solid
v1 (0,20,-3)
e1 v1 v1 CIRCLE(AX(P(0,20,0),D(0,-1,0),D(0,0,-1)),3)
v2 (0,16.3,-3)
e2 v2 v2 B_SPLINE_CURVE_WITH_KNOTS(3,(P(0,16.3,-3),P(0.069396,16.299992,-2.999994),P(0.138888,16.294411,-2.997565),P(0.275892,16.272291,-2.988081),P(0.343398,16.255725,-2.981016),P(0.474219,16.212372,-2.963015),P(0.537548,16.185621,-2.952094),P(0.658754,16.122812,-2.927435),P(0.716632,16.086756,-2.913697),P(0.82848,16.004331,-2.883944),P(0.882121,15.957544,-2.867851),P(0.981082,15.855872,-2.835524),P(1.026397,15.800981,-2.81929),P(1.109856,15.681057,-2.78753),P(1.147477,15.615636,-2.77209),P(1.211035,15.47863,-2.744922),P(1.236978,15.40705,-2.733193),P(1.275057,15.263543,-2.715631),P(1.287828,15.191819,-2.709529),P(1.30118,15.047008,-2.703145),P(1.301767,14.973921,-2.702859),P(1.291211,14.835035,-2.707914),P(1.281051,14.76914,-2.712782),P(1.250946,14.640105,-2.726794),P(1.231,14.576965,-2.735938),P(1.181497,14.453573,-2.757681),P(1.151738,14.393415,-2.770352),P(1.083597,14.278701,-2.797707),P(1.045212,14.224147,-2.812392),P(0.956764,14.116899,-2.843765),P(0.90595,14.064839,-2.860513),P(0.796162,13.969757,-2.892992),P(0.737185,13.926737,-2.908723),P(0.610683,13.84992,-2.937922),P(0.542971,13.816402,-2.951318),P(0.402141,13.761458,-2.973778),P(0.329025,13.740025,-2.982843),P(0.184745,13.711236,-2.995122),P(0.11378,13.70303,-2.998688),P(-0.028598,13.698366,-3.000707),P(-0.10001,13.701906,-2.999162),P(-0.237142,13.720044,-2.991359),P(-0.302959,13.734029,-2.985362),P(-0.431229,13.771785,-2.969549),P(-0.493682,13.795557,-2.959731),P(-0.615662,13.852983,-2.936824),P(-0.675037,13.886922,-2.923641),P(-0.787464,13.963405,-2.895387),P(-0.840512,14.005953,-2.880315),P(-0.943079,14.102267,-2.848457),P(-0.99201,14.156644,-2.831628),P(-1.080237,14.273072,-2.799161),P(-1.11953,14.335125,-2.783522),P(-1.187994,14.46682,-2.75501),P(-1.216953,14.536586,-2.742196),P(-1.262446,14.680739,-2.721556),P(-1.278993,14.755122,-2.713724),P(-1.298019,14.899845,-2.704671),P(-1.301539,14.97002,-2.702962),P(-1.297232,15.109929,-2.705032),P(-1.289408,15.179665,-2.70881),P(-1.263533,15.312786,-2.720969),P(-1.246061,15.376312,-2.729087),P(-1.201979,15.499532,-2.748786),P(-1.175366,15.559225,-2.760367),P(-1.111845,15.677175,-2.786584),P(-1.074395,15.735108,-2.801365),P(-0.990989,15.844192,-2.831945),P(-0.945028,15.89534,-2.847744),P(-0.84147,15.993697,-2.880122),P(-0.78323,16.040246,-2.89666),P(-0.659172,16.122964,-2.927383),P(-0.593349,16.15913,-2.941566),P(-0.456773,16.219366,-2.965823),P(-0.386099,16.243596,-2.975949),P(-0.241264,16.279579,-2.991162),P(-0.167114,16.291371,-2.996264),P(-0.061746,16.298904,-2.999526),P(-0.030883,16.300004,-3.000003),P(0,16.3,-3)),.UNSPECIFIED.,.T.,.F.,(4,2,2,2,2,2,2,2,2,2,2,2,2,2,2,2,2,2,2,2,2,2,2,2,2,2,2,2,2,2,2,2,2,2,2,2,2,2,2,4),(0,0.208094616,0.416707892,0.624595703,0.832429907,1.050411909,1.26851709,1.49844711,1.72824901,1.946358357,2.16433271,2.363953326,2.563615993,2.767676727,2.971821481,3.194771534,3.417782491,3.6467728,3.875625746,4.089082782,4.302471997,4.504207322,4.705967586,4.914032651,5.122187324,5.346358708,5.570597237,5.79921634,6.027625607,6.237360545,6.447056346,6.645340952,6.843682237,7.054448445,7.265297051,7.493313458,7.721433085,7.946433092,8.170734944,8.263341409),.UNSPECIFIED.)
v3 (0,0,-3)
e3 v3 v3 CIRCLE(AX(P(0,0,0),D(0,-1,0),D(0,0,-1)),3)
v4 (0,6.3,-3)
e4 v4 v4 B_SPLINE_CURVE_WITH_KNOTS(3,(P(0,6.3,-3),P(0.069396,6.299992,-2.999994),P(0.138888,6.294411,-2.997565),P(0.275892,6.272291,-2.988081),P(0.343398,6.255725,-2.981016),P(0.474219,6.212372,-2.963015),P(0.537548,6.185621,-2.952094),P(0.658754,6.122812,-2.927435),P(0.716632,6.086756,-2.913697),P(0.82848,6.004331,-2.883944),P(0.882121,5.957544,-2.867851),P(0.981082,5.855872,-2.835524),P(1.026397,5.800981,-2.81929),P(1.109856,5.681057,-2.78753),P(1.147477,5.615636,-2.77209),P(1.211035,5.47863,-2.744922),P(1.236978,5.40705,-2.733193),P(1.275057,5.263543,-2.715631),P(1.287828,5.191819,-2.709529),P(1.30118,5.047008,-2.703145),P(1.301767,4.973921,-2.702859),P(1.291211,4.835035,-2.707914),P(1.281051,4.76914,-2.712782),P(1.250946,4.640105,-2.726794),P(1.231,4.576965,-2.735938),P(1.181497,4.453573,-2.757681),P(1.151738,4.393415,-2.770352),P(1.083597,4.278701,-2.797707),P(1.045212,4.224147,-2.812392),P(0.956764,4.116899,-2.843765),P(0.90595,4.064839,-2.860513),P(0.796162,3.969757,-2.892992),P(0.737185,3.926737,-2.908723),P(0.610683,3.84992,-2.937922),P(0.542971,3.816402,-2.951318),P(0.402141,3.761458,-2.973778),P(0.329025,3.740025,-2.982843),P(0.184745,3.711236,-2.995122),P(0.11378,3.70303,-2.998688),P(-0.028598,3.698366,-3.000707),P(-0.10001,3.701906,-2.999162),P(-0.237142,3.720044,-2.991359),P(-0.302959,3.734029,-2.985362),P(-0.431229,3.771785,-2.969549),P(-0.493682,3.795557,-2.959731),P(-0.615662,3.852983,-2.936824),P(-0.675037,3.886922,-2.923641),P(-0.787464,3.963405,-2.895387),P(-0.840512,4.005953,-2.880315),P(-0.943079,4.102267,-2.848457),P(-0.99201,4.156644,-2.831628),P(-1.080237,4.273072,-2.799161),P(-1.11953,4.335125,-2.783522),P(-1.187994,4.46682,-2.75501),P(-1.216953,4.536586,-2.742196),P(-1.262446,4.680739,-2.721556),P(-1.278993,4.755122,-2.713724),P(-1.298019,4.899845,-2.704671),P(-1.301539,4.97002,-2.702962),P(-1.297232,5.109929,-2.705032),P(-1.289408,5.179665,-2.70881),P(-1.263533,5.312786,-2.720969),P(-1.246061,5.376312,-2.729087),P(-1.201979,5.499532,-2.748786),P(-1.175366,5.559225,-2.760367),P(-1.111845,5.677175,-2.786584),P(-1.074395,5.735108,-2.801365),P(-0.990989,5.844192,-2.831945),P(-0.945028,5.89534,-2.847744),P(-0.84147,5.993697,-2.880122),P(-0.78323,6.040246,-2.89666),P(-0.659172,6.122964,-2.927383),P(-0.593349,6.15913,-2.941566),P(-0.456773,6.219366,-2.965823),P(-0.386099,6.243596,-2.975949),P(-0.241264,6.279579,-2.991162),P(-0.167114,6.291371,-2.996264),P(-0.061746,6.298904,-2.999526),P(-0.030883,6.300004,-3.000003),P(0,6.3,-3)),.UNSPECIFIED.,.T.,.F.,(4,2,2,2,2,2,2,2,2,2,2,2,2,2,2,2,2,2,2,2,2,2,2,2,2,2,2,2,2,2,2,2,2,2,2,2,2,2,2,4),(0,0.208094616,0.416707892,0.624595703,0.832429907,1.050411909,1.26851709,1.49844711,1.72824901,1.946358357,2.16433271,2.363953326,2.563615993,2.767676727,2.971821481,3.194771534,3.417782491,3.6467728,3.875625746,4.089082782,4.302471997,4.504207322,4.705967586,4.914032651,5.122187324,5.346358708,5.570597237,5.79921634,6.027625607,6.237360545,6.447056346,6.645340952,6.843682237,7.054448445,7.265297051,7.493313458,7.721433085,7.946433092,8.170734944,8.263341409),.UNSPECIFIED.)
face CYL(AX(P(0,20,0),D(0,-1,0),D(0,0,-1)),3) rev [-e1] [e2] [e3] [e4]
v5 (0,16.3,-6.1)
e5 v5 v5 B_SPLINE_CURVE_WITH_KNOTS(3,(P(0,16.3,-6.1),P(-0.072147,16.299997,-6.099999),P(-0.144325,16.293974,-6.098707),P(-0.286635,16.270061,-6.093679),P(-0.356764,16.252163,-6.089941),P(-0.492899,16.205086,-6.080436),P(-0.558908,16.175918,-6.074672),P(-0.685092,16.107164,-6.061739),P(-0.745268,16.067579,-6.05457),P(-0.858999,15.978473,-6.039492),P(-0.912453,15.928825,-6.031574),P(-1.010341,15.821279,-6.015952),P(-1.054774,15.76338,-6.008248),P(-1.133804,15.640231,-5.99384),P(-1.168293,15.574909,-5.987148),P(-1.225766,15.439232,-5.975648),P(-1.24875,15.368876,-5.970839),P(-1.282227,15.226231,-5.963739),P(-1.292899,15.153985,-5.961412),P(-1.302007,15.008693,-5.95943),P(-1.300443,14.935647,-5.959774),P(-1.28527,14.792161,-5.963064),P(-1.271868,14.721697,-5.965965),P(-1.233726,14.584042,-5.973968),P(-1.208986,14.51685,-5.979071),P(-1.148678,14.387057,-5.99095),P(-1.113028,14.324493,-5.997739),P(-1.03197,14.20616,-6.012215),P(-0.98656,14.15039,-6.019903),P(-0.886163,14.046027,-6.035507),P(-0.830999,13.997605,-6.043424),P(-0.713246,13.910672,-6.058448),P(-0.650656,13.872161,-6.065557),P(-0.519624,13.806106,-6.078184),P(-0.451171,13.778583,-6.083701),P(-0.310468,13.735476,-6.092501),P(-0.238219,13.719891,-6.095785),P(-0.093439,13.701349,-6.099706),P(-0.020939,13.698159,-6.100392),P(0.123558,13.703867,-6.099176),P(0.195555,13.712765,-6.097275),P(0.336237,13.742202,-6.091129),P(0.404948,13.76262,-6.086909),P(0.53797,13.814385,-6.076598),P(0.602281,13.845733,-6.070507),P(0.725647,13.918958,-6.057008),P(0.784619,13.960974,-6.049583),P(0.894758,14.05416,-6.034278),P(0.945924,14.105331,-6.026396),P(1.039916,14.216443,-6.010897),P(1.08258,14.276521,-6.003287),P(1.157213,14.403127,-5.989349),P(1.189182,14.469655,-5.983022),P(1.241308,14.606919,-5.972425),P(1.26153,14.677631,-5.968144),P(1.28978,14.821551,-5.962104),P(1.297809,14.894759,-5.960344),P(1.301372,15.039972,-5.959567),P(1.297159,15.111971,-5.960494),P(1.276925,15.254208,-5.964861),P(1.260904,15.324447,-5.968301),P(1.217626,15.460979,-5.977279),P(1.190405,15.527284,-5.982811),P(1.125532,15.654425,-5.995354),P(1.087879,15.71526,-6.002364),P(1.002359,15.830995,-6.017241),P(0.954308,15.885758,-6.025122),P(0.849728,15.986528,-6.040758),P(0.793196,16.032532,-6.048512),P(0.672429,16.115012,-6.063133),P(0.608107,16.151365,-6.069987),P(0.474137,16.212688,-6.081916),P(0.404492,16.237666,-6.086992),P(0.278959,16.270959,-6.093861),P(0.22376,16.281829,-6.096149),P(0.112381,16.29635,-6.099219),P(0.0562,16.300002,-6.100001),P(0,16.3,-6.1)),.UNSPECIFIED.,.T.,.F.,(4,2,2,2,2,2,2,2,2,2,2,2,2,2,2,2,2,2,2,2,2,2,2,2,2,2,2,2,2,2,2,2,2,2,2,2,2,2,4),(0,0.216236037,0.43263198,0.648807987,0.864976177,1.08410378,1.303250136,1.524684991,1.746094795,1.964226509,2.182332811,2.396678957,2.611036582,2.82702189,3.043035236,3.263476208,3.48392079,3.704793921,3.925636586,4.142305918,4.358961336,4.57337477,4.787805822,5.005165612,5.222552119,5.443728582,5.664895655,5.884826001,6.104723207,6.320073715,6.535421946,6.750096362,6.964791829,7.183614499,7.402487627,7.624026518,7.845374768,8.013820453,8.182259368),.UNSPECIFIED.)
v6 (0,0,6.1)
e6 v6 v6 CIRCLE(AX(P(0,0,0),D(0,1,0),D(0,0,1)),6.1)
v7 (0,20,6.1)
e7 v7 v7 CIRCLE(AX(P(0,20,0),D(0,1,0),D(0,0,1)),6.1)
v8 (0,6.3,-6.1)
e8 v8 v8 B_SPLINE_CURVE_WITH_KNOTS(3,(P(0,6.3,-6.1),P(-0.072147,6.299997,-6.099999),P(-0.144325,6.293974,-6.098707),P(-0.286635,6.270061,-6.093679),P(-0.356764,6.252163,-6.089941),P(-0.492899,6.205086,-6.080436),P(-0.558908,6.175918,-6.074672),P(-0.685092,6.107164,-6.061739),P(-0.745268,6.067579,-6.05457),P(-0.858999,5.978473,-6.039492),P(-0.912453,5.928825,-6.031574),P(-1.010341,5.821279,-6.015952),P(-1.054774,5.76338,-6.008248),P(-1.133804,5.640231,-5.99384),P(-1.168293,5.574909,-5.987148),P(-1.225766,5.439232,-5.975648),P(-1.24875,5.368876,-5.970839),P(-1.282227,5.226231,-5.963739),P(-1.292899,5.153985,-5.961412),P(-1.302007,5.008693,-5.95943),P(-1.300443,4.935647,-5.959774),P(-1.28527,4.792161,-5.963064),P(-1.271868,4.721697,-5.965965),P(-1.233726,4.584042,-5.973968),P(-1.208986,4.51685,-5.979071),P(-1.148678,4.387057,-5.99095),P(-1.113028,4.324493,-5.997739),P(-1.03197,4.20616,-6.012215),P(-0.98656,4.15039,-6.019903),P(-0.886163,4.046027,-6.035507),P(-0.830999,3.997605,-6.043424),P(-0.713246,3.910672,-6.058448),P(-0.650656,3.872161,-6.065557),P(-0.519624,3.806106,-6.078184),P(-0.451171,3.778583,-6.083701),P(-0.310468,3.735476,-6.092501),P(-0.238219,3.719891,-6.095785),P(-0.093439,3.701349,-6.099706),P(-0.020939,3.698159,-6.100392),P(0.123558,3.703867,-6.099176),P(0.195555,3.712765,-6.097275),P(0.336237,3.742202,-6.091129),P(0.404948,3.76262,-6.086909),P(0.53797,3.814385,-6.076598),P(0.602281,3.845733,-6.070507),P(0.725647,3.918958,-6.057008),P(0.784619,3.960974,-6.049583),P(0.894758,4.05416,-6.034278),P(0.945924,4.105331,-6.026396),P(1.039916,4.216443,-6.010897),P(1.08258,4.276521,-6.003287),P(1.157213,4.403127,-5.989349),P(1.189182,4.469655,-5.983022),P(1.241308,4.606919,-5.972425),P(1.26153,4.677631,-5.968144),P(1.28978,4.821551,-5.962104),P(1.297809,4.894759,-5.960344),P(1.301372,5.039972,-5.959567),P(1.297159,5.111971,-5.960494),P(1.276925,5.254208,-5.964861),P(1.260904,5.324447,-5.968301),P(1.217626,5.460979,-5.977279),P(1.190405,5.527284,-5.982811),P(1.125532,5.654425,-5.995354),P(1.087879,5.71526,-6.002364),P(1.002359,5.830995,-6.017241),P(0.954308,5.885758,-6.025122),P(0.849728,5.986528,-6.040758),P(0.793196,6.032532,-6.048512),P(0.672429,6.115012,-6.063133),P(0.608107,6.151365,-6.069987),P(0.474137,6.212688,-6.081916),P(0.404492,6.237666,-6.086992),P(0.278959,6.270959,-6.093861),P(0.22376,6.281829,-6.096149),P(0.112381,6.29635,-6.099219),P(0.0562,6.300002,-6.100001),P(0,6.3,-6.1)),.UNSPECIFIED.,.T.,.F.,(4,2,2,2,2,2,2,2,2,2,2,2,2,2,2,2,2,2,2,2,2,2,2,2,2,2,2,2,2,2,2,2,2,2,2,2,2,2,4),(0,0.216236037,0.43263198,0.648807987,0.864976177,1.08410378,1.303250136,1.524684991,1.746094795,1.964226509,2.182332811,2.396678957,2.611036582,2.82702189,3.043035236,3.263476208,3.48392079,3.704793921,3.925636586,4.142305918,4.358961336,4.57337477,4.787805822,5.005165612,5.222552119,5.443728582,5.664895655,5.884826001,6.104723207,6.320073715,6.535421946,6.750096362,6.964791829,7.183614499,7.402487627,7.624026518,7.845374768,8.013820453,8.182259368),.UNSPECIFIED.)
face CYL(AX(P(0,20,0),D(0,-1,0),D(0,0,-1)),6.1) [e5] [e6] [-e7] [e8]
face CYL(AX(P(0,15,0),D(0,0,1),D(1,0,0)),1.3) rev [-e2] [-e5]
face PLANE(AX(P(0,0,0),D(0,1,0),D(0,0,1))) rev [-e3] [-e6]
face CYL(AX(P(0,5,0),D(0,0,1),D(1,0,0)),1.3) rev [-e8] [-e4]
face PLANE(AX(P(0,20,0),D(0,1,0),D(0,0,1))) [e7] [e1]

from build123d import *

# Parameters (mm, degrees)
CROQUIS1_R                            = 6.1
SALIENTE_EXTRUIR1_DEPTH               = 20
CROQUIS3_R                            = 3
CORTAR_EXTRUIR1_DEPTH                 = 22.781184541
CROQUIS5_W                            = 1.3
CROQUIS5_H                            = 6.1
TALADRO_DE_MARGEN_PARA_M21_AT_2_COUNT = 2
TALADRO_DE_MARGEN_PARA_M21_AT_2_PITCH = 10


with BuildPart() as part:
    # Croquis1 → Saliente-Extruir1 (new body)
    with BuildSketch(Plane(origin=(0, 0, 0), x_dir=(-1, 0, 0), z_dir=(0, 1, 0))):
        with Locations(Location((0, 0, 0), (0, 0, 90))):
            Circle(CROQUIS1_R)
    extrude(amount=SALIENTE_EXTRUIR1_DEPTH)

    # Croquis3 → Cortar-Extruir1 (cut, through all)
    with BuildSketch(Plane.XZ):
        with Locations(Location((0, 0, 0), (0, 0, 270))):
            Circle(CROQUIS3_R)
    extrude(amount=-CORTAR_EXTRUIR1_DEPTH, mode=Mode.SUBTRACT)

    # Croquis5 → Taladro de margen para M21 (revolve, cut)
    with BuildSketch(Plane(origin=(0, 15, 0), x_dir=(0, -1, 0), z_dir=(1, 0, 0))):
        with Locations((0.65, 3.05)):
            Rectangle(CROQUIS5_W, CROQUIS5_H)
    taladro_de_margen_para_m21 = revolve(axis=Axis((0, 15, 6.35), (0, 0, -1)), mode=Mode.SUBTRACT)

    # Taladro de margen para M21 at 2: Taladro de margen para M21 ×2
    with Locations(*[(0, -i * TALADRO_DE_MARGEN_PARA_M21_AT_2_PITCH, 0) for i in range(1, TALADRO_DE_MARGEN_PARA_M21_AT_2_COUNT)]):
        add(taladro_de_margen_para_m21, mode=Mode.SUBTRACT)


solid = part.part
